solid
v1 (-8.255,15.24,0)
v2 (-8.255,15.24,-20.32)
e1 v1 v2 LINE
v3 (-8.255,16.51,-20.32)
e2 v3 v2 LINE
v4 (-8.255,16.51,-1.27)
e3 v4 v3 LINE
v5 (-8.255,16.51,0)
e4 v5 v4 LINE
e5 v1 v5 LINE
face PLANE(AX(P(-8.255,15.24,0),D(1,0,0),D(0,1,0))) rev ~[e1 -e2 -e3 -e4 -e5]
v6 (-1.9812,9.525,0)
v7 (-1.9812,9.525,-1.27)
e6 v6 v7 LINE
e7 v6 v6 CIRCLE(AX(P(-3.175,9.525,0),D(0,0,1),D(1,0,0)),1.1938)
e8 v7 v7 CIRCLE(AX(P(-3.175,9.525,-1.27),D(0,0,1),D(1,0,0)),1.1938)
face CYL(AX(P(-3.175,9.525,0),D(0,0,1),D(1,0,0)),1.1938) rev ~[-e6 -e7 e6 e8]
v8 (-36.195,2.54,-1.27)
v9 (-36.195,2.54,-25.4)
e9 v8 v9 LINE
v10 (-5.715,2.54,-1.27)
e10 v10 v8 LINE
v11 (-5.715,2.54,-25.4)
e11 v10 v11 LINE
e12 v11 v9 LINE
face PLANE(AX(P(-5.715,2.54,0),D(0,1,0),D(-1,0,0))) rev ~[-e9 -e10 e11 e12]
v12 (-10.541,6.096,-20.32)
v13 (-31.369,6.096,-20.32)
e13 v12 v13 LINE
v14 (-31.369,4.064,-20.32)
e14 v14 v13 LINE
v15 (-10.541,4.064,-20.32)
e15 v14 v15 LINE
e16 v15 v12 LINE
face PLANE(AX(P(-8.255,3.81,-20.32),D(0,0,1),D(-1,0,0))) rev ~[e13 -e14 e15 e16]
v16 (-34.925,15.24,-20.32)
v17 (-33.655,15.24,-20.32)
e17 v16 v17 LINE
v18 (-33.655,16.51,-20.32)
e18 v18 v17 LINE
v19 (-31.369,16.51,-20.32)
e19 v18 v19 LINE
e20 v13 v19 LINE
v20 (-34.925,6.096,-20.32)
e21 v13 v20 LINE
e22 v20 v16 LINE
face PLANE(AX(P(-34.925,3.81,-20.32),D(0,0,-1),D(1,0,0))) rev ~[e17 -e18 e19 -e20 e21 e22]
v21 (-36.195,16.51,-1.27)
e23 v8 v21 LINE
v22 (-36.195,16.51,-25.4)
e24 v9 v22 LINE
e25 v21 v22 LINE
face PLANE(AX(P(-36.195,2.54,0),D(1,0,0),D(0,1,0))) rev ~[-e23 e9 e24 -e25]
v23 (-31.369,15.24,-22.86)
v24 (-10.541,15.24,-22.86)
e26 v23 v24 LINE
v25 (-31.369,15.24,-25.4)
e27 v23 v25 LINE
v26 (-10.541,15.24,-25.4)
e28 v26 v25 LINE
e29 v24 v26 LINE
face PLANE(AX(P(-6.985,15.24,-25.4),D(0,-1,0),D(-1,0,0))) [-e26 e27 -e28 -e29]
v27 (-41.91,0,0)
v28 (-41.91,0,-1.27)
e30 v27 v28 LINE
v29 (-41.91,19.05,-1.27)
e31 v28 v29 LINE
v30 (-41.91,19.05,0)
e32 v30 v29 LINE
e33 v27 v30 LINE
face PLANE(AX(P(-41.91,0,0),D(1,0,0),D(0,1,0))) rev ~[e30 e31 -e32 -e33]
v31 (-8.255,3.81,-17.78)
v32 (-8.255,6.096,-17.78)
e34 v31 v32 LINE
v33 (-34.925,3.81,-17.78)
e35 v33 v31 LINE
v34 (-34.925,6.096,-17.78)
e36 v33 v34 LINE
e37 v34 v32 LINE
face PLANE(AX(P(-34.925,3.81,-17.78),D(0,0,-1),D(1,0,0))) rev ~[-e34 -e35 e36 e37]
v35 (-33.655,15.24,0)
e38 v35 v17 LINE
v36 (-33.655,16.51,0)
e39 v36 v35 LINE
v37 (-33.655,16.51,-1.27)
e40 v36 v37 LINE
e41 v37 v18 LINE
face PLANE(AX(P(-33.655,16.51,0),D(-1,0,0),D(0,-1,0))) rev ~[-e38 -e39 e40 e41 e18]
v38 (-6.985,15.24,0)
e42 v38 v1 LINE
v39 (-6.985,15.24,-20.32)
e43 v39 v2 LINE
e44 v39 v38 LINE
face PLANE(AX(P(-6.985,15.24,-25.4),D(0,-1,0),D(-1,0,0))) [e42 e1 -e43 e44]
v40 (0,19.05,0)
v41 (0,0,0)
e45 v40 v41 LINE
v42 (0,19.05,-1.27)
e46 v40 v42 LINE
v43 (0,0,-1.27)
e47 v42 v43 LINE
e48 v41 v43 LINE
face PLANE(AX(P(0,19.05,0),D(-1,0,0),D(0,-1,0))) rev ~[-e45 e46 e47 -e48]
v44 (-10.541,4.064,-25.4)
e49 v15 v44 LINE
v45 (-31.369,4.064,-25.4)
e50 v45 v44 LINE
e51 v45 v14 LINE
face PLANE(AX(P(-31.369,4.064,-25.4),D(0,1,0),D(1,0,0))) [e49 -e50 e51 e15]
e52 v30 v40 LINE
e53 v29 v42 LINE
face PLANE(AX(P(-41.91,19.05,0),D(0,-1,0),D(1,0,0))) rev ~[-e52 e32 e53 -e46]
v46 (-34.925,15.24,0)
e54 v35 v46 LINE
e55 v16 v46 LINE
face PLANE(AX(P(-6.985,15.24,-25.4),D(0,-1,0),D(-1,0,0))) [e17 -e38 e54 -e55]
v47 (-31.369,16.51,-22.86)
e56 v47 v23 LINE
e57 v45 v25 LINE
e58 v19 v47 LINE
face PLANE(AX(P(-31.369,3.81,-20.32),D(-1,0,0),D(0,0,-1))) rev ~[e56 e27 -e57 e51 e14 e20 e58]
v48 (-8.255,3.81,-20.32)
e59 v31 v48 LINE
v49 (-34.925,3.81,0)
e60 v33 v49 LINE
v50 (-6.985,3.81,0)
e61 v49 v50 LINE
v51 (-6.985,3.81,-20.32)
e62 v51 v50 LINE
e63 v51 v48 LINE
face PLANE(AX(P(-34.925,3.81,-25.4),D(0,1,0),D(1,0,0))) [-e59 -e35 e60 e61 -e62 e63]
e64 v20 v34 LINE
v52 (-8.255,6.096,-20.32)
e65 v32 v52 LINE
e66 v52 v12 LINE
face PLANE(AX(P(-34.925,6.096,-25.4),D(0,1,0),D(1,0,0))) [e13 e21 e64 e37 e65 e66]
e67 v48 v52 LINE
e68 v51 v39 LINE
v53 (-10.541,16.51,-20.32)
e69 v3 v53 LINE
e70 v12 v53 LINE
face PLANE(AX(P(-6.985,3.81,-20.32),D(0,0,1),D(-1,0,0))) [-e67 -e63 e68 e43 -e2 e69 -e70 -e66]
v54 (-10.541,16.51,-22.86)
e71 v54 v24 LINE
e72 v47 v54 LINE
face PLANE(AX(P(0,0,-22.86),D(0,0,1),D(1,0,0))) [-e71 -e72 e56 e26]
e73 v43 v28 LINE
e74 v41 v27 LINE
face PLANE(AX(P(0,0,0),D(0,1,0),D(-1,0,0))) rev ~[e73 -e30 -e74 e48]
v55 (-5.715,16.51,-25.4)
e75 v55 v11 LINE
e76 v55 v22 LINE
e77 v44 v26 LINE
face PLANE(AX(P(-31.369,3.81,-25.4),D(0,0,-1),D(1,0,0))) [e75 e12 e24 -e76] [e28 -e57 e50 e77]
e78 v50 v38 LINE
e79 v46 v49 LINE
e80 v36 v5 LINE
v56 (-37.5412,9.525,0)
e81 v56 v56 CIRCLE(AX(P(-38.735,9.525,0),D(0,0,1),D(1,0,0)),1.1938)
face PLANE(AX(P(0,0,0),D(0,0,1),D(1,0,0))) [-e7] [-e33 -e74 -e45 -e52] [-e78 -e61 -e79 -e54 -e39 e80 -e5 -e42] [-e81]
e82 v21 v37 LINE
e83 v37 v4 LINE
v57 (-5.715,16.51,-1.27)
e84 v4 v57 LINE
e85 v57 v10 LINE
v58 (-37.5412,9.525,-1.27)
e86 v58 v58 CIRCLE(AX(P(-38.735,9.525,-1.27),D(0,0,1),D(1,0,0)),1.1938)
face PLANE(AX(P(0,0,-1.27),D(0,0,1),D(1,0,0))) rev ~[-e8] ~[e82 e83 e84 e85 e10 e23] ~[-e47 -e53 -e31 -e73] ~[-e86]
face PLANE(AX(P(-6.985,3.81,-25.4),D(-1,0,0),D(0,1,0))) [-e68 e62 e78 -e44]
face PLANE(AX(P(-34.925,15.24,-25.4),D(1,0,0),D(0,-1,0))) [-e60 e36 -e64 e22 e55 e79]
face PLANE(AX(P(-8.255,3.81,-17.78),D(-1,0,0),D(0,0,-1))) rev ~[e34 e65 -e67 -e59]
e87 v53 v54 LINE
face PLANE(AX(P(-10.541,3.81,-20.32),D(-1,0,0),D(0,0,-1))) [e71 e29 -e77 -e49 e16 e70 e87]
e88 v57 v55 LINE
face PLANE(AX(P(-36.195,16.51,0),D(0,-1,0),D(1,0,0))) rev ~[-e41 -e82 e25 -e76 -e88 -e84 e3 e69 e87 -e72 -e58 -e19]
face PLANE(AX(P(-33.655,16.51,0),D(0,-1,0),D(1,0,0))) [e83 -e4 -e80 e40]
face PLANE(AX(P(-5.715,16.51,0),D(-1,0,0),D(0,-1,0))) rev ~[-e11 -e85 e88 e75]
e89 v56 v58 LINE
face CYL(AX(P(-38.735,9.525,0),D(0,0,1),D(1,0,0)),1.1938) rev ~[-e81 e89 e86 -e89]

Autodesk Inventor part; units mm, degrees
ref_plane "YZ Plane" through (0, 0, 0) normal (1, 0, 0) x (0, 1, 0)
ref_plane "XZ Plane" through (0, 0, 0) normal (0, 1, 0) x (-1, 0, 0)
ref_plane "XY Plane" through (0, 0, 0) normal (0, 0, 1) x (1, 0, 0)
sketch "Sketch1" plane through (0, 0, 0) normal (0, 0, 1) x (1, 0, 0)
  line L0 (0, 0) -> (-41.91, 0)
  line L1 (-41.91, 0) -> (-41.91, 19.05)
  line L2 (-41.91, 19.05) -> (0, 19.05)
  line L3 (0, 19.05) -> (0, 0)
  circle A0 centre (-38.735, 9.525) radius 1.1938
  circle A1 centre (-3.175, 9.525) radius 1.1938
  dimension "d0" = 41.91
  dimension "d1" = 19.05
  dimension "d2" = 2.3876
  dimension "d3" = 2.3876
  dimension "d4" = 3.175
  dimension "d5" = 3.175
  dimension "d6" = 9.525
  dimension "d7" = 9.525
extrude "Extrusion1" add sketch "Sketch1" against normal blind 1.27
sketch "Sketch2" plane through (0, 0, 0) normal (0, 0, 1) x (1, 0, 0)
  line L0 (-41.91, 19.05) -> (-41.91, 0) projected
  line L1 (-36.195, 16.51) -> (-5.715, 16.51)
  line L2 (-5.715, 16.51) -> (-5.715, 2.54)
  line L3 (-5.715, 2.54) -> (-36.195, 2.54)
  line L4 (-36.195, 2.54) -> (-36.195, 16.51)
  line L5 (-41.91, 0) -> (0, 0) projected
  line L6 (0, 0) -> (0, 19.05) projected
  dimension "d31" = 13.97
  dimension "d32" = 2.54
  dimension "d33" = 30.48
  dimension "d34" = 5.715
extrude "Extrusion2" add sketch "Sketch2" against normal blind 25.4
sketch "Sketch3" plane through (0, 0, -25.4) normal (0, 0, -1) x (-1, 0, 0)
  line L0 (6.985, 15.24) -> (34.925, 15.24)
  line L1 (34.925, 15.24) -> (34.925, 3.81)
  line L2 (34.925, 3.81) -> (6.985, 3.81)
  line L3 (6.985, 3.81) -> (6.985, 15.24)
  line L4 (5.715, 16.51) -> (5.715, 2.54) projected
  line L5 (36.195, 16.51) -> (5.715, 16.51) projected
  line L6 (36.195, 2.54) -> (36.195, 16.51) projected
  line L7 (5.715, 2.54) -> (36.195, 2.54) projected
  point P0 (0, 0)
  dimension "d35" = 1.27
  dimension "d36" = 1.27
  dimension "d37" = 1.27
  dimension "d38" = 1.27
extrude "Extrusion3" cut sketch "Sketch3" against normal blind 25.4 contours L0 L1 L2 L3
sketch "Sketch4" plane through (0, 0, 0) normal (0, 0, 1) x (1, 0, 0)
  line L0 (-34.925, 15.24) -> (-6.985, 15.24) projected
  line L1 (-36.195, 16.51) -> (-5.715, 16.51) projected
  line L2 (-33.655, 15.24) -> (-8.255, 15.24)
  line L3 (-8.255, 15.24) -> (-8.255, 16.51)
  line L4 (-8.255, 16.51) -> (-33.655, 16.51)
  line L5 (-33.655, 16.51) -> (-33.655, 15.24)
  line L6 (-34.925, 3.81) -> (-34.925, 15.24) projected
  line L7 (-6.985, 15.24) -> (-6.985, 3.81) projected
  dimension "d39" = 1.27
  dimension "d40" = 1.27
extrude "Extrusion4" cut sketch "Sketch4" against normal blind 22.86
sketch "Sketch7" plane through (-34.925, 3.81, -25.4) normal (0, 1, 0) x (1, 0, 0)
  line L0 (0, 0) -> (0, -25.4) projected
  line L1 (26.67, -5.08) -> (0, -5.08)
  line L2 (0, -5.08) -> (0, -7.62)
  line L3 (0, -7.62) -> (26.67, -7.62)
  line L4 (26.67, -7.62) -> (26.67, -5.08)
  line L5 (0, 0) -> (27.94, 0) projected
  line L6 (26.67, -2.54) -> (26.67, -24.13) projected
  point P0 (34.925, -25.4)
  point P1 (0, -5.08)
  dimension "d54" = 2.54
  dimension "d55" = 5.08
extrude "Extrusion6" add sketch "Sketch7" along normal blind 2.286
sketch "Sketch8" plane through (-34.925, 3.81, -25.4) normal (0, 1, 0) x (1, 0, 0)
  line L0 (28.0721, -5.08) -> (24.384, -5.08)
  line L1 (24.384, -5.08) -> (24.384, 0)
  line L2 (24.384, 0) -> (27.94, 0)
  line L3 (0, -5.08) -> (3.556, -5.08)
  line L4 (3.556, -5.08) -> (3.556, 0)
  line L5 (3.556, 0) -> (0, 0)
  line L6 (0, 0) -> (0, -5.08)
  line L7 (0, 0) -> (27.94, 0) projected
  line L8 (27.94, 0) -> (27.94, -25.4) projected
  line L9 (27.94, -5.08) -> (27.94, 0)
  point P0 (34.925, -25.4)
  dimension "d46" = 3.556
  dimension "d47" = 5.08
  dimension "d48" = 3.556
  dimension "d49" = 5.08
extrude "Extrusion7" add sketch "Sketch8" along normal blind 12.7
sketch "Sketch9" plane through (-31.369, 3.81, -25.4) normal (0, 1, 0) x (1, 0, 0)
  line L0 (0, -5.08) -> (23.114, -5.08) projected
  line L1 (0, 0) -> (20.828, 0) projected
  line L2 (20.828, -5.08) -> (20.828, 0)
  line L3 (20.828, 0) -> (0, 0)
  line L4 (0, 0) -> (0, -5.08)
  line L5 (20.828, -5.08) -> (20.828, 0) projected
  line L6 (0, 0) -> (0, -5.08) projected
  line L7 (20.828, -5.08) -> (0, -5.08)
  point P0 (31.369, -25.4)
  point P1 (20.828, -5.08)
  point P2 (-3.556, 0)
  point P3 (-3.556, -5.08)
  point P4 (24.384, 0)
extrude "Extrusion8" add sketch "Sketch9" along normal blind 0.254
equation "\"d3\" = d2"
equation "\"d5\" = d4"
equation "\"d6\" = 0.5 * d1"
equation "\"d7\" = d6"
equation "\"d36\" = d35"
equation "\"d37\" = d35"
equation "\"d38\" = d36"
equation "\"d49\" = d47"
properties part number "_3DPrint"
